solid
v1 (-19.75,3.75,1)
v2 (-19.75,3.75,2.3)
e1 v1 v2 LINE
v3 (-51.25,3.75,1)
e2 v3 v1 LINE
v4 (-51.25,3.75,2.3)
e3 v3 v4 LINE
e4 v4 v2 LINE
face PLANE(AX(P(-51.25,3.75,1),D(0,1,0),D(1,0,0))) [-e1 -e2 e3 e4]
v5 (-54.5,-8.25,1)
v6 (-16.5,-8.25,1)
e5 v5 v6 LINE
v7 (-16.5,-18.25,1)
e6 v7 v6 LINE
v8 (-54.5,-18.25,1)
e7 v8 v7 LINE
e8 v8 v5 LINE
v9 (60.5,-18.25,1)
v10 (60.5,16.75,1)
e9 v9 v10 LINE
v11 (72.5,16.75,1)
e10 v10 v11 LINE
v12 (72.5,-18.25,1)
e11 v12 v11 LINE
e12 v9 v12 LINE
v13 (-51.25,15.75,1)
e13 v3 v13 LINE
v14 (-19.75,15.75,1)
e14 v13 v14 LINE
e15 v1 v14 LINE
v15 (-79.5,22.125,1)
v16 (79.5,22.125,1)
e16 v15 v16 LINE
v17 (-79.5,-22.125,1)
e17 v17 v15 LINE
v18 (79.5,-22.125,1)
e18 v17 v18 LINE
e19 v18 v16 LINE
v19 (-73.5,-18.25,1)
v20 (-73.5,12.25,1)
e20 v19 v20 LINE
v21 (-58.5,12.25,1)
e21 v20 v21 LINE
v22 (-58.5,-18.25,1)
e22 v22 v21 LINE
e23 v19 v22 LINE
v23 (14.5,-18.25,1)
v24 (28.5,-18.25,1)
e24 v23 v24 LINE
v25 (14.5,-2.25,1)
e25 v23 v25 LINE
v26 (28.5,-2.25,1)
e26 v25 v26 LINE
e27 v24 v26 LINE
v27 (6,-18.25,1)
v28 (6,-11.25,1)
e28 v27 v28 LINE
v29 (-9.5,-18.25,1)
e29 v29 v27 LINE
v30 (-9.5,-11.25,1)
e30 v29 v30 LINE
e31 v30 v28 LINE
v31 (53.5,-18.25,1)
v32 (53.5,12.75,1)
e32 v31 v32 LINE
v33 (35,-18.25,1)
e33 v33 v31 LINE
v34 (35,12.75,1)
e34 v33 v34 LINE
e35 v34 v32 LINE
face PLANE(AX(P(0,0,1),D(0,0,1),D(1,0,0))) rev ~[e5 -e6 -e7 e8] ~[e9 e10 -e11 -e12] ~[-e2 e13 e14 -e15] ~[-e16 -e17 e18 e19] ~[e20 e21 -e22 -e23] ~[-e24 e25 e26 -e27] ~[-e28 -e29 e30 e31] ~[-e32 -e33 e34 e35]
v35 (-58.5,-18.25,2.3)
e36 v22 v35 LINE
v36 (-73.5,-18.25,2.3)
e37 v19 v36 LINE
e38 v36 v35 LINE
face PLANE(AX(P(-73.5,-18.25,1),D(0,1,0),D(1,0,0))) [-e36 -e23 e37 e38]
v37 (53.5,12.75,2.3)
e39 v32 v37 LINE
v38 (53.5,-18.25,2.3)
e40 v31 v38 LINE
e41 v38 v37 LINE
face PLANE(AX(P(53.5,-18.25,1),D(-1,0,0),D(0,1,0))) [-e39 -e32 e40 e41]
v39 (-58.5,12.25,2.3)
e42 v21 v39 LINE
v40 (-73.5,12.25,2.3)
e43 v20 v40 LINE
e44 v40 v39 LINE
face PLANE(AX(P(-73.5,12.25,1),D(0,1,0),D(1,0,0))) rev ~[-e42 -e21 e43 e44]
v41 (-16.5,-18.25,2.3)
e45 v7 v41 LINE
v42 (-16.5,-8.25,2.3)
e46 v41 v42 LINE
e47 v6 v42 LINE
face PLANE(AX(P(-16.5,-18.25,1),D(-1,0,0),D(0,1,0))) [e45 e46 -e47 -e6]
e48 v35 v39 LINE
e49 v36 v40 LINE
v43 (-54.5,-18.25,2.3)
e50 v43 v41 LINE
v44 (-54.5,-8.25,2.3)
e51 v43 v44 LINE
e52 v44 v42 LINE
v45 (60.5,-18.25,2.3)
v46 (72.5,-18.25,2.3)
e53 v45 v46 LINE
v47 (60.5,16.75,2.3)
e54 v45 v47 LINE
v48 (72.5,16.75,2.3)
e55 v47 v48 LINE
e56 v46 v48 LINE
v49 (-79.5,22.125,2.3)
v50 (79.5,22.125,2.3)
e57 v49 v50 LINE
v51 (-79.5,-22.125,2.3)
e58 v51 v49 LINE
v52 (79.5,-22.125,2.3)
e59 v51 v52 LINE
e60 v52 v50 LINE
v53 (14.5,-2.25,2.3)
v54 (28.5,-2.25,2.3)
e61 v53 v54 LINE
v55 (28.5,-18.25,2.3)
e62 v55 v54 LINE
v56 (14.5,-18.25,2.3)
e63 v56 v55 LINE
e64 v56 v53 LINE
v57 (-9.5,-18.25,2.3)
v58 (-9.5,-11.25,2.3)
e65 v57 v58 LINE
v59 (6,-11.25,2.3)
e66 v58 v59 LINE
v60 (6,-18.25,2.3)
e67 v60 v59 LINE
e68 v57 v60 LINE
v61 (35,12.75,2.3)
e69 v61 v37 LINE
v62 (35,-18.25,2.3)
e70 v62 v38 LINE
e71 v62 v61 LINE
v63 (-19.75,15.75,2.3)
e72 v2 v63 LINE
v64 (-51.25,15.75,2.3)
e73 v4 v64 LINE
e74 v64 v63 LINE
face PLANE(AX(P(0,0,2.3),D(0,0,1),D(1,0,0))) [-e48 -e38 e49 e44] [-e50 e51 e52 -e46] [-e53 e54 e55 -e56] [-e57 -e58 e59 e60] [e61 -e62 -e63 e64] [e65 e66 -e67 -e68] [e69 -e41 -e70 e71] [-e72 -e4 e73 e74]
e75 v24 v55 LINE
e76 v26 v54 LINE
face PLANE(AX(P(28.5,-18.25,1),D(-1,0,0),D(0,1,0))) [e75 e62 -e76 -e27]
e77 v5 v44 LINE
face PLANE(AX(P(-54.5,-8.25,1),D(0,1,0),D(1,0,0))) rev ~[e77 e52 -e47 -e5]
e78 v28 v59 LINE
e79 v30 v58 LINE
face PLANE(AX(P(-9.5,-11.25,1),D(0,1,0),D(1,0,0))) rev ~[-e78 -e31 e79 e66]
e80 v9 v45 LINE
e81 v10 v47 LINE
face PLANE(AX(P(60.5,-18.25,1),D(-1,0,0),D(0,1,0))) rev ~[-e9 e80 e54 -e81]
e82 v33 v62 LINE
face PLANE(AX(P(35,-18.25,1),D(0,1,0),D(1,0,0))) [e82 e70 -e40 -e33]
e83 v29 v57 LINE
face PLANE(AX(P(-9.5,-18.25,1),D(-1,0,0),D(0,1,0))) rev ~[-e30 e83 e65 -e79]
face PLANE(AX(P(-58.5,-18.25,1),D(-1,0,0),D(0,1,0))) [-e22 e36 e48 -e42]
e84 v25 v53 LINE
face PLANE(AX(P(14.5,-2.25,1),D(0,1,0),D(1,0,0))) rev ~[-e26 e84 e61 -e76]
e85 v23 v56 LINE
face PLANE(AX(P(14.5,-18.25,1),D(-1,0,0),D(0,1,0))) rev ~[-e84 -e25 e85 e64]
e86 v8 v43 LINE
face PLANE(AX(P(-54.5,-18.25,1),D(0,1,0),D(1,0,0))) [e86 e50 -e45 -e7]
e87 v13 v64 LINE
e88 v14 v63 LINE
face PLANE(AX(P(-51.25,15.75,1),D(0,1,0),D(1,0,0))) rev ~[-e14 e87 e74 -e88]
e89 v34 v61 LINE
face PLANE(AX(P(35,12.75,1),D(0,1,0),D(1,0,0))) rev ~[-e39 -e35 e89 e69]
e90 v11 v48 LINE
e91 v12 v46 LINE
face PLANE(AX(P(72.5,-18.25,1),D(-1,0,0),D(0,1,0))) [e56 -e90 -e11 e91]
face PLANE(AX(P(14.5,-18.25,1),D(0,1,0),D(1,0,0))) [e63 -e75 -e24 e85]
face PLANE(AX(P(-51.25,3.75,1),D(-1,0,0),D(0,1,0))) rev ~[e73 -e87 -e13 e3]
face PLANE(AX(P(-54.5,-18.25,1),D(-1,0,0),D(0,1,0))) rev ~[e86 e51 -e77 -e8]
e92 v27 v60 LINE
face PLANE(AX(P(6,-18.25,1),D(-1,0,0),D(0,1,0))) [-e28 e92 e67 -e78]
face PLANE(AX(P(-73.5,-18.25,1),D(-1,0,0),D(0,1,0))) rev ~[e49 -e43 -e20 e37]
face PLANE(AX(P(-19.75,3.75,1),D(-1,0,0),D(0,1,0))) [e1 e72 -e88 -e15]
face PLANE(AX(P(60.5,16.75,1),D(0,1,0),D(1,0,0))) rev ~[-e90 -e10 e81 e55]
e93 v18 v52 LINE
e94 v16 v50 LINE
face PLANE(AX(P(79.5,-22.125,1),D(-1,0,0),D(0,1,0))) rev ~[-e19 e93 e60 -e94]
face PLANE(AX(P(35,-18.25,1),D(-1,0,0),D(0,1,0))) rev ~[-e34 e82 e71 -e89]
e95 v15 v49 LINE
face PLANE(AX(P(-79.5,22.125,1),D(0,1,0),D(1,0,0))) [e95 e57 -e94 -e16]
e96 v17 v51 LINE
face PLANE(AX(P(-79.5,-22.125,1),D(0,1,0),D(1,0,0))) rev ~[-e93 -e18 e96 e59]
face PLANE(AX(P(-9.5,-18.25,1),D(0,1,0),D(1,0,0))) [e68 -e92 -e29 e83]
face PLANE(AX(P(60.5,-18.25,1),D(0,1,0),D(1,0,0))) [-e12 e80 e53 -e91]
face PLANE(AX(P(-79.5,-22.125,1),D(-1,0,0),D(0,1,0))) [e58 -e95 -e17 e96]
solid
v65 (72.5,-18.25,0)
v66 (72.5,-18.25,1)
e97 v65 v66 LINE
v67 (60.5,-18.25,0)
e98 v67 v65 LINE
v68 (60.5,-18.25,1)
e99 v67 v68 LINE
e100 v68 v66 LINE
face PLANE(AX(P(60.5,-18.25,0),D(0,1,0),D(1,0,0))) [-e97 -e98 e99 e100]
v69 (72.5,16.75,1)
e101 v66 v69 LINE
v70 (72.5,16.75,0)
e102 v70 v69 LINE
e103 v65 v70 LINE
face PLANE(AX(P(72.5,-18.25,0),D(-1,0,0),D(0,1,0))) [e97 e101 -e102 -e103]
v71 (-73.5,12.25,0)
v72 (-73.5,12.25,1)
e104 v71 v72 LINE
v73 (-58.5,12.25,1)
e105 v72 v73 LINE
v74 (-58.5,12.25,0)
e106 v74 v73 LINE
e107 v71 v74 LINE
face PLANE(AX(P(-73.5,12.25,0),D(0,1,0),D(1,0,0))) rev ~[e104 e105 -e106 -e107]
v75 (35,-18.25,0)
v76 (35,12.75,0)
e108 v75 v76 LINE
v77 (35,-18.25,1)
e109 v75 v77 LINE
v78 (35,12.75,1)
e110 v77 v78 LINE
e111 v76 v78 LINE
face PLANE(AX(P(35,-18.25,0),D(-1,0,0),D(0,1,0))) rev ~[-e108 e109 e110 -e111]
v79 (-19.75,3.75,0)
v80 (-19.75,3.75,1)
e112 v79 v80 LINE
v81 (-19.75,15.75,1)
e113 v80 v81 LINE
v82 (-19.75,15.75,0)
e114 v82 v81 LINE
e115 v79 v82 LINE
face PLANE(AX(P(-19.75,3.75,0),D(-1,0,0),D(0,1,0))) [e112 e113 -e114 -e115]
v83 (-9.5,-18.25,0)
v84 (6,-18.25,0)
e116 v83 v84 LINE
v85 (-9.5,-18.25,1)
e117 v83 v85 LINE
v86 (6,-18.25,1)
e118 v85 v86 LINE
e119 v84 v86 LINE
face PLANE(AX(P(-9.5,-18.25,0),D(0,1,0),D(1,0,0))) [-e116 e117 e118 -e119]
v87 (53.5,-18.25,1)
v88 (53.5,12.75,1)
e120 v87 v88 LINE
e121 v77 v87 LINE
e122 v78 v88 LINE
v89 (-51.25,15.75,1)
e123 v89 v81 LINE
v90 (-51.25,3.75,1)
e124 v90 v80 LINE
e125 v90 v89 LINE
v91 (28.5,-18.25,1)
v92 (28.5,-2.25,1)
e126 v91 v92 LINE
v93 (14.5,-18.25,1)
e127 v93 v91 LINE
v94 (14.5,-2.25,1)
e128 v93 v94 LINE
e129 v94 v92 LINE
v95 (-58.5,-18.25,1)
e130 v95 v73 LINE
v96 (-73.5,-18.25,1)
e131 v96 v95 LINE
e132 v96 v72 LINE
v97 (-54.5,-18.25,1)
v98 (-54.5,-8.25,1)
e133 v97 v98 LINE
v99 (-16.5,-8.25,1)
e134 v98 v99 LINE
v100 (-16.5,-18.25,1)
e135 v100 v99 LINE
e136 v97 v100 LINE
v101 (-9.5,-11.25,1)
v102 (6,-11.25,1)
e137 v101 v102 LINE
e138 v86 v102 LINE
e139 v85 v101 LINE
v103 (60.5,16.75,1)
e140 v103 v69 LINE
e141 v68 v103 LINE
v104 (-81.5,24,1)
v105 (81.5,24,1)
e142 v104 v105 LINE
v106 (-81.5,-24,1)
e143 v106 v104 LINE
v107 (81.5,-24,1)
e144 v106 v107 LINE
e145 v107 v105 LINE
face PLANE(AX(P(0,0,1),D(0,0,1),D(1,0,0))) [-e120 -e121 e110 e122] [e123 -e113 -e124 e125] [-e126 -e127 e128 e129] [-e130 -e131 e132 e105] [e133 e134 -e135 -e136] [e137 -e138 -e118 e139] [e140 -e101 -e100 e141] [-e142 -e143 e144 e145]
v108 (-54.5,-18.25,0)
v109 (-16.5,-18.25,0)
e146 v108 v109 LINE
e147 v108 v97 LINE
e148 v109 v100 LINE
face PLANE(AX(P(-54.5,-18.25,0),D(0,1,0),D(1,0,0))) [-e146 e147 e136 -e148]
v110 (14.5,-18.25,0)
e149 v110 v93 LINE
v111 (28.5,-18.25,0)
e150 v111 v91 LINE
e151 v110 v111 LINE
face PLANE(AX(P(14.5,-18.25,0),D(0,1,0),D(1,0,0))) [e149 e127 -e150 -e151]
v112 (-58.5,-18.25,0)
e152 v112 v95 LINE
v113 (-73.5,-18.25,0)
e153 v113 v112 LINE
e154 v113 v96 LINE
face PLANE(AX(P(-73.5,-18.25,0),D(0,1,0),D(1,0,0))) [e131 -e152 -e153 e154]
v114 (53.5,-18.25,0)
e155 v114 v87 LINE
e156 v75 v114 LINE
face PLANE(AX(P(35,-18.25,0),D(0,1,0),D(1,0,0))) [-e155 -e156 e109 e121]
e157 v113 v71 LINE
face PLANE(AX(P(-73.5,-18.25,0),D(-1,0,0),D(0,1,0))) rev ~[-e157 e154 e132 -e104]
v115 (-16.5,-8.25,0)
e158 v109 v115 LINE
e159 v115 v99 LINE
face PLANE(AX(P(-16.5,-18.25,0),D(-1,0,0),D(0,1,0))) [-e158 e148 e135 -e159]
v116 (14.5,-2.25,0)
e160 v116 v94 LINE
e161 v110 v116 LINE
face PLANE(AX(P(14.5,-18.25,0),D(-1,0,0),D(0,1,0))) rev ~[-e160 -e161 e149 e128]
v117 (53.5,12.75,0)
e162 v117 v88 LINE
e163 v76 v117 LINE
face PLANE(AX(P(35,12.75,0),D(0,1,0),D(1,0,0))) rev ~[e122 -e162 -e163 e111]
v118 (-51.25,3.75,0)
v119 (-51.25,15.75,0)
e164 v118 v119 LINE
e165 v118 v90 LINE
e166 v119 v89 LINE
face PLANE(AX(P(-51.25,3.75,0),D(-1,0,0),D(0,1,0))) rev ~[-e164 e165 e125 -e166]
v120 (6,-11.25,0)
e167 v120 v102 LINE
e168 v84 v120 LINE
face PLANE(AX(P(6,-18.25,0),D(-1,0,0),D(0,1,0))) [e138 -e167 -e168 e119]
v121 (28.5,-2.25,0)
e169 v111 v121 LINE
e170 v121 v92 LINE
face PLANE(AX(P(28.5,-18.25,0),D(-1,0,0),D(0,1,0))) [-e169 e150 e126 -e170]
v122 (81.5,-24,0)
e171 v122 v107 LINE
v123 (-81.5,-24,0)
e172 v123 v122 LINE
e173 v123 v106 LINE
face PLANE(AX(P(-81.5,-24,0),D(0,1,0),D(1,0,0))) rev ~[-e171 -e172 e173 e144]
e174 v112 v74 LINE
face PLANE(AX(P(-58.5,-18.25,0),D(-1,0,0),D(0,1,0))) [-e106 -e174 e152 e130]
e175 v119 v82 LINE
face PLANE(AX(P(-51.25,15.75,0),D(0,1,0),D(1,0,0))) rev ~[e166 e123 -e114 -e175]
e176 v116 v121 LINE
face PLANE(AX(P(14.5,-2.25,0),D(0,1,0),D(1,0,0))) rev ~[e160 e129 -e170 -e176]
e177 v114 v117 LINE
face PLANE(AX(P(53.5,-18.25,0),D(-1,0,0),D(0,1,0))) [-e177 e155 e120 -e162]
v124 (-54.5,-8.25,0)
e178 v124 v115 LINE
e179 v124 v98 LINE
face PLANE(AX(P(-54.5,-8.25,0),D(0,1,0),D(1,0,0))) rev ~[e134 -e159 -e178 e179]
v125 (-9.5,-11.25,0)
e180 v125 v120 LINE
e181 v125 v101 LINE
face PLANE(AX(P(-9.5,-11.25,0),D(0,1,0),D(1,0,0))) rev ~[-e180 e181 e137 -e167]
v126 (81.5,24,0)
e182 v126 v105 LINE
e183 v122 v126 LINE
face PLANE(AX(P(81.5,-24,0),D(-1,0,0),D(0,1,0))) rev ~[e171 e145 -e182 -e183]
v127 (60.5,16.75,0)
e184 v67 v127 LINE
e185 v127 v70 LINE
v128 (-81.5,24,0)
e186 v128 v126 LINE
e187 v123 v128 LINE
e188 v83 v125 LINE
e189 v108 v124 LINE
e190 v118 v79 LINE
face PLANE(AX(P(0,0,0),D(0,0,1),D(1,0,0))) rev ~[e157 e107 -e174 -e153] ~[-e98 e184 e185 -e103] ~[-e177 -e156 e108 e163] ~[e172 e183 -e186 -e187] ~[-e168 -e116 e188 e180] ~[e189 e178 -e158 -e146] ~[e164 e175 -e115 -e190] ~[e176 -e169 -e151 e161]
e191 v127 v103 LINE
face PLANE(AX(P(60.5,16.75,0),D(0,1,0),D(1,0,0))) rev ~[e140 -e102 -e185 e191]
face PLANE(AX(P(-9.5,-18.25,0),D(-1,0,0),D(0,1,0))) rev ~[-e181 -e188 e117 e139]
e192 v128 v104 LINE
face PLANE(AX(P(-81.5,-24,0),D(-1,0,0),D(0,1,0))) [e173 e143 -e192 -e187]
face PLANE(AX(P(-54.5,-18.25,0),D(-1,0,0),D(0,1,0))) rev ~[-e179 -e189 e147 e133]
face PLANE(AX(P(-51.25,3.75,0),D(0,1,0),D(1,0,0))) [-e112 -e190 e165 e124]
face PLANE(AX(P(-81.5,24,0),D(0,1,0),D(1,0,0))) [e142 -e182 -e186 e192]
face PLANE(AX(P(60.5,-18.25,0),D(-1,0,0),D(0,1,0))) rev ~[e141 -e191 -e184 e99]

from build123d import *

# Parameters (mm, degrees)
SKETCH_W      = 159
SKETCH_H      = 44.25
SKETCH_W_2    = 12
SKETCH_H_2    = 35
SKETCH_W_3    = 18.5
SKETCH_H_3    = 31
SKETCH_W_4    = 14
SKETCH_H_4    = 16
SKETCH_W_5    = 15.5
SKETCH_H_5    = 7
SKETCH_W_6    = 38
SKETCH_H_6    = 10
SKETCH_W_7    = 31.5
SKETCH_H_7    = 12
SKETCH_W_8    = 15
SKETCH_H_8    = 30.5
PAD001_DEPTH  = 1.3
SKETCH002_W   = 163
SKETCH002_H   = 48
SKETCH002_W_2 = 12
SKETCH002_H_2 = 35
SKETCH002_W_3 = 18.5
SKETCH002_H_3 = 31
SKETCH002_W_4 = 14
SKETCH002_H_4 = 16
SKETCH002_W_5 = 15.5
SKETCH002_H_5 = 7
SKETCH002_W_6 = 38
SKETCH002_H_6 = 10
SKETCH002_W_7 = 31.5
SKETCH002_H_7 = 12
SKETCH002_W_8 = 15
SKETCH002_H_8 = 30.5
PAD_DEPTH     = 1


with BuildPart() as pad001:
    # Sketch → Pad001 (new body)
    with BuildSketch(Plane.XY.offset(1)):
        Rectangle(SKETCH_W, SKETCH_H)
        with Locations((66.5, -0.75)):
            Rectangle(SKETCH_W_2, SKETCH_H_2, mode=Mode.SUBTRACT)
        with Locations((44.25, -2.75)):
            Rectangle(SKETCH_W_3, SKETCH_H_3, mode=Mode.SUBTRACT)
        with Locations((21.5, -10.25)):
            Rectangle(SKETCH_W_4, SKETCH_H_4, mode=Mode.SUBTRACT)
        with Locations((-1.75, -14.75)):
            Rectangle(SKETCH_W_5, SKETCH_H_5, mode=Mode.SUBTRACT)
        with Locations((-35.5, -13.25)):
            Rectangle(SKETCH_W_6, SKETCH_H_6, mode=Mode.SUBTRACT)
        with Locations((-35.5, 9.75)):
            Rectangle(SKETCH_W_7, SKETCH_H_7, mode=Mode.SUBTRACT)
        with Locations((-66, -3)):
            Rectangle(SKETCH_W_8, SKETCH_H_8, mode=Mode.SUBTRACT)
    extrude(amount=PAD001_DEPTH)


with BuildPart() as pad:
    # Sketch002 → Pad (new body)
    with BuildSketch(Plane.XY):
        Rectangle(SKETCH002_W, SKETCH002_H)
        with Locations((66.5, -0.75)):
            Rectangle(SKETCH002_W_2, SKETCH002_H_2, mode=Mode.SUBTRACT)
        with Locations((44.25, -2.75)):
            Rectangle(SKETCH002_W_3, SKETCH002_H_3, mode=Mode.SUBTRACT)
        with Locations((21.5, -10.25)):
            Rectangle(SKETCH002_W_4, SKETCH002_H_4, mode=Mode.SUBTRACT)
        with Locations((-1.75, -14.75)):
            Rectangle(SKETCH002_W_5, SKETCH002_H_5, mode=Mode.SUBTRACT)
        with Locations((-35.5, -13.25)):
            Rectangle(SKETCH002_W_6, SKETCH002_H_6, mode=Mode.SUBTRACT)
        with Locations((-35.5, 9.75)):
            Rectangle(SKETCH002_W_7, SKETCH002_H_7, mode=Mode.SUBTRACT)
        with Locations((-66, -3)):
            Rectangle(SKETCH002_W_8, SKETCH002_H_8, mode=Mode.SUBTRACT)
    extrude(amount=PAD_DEPTH)


solid = Compound([pad001.part, pad.part])
